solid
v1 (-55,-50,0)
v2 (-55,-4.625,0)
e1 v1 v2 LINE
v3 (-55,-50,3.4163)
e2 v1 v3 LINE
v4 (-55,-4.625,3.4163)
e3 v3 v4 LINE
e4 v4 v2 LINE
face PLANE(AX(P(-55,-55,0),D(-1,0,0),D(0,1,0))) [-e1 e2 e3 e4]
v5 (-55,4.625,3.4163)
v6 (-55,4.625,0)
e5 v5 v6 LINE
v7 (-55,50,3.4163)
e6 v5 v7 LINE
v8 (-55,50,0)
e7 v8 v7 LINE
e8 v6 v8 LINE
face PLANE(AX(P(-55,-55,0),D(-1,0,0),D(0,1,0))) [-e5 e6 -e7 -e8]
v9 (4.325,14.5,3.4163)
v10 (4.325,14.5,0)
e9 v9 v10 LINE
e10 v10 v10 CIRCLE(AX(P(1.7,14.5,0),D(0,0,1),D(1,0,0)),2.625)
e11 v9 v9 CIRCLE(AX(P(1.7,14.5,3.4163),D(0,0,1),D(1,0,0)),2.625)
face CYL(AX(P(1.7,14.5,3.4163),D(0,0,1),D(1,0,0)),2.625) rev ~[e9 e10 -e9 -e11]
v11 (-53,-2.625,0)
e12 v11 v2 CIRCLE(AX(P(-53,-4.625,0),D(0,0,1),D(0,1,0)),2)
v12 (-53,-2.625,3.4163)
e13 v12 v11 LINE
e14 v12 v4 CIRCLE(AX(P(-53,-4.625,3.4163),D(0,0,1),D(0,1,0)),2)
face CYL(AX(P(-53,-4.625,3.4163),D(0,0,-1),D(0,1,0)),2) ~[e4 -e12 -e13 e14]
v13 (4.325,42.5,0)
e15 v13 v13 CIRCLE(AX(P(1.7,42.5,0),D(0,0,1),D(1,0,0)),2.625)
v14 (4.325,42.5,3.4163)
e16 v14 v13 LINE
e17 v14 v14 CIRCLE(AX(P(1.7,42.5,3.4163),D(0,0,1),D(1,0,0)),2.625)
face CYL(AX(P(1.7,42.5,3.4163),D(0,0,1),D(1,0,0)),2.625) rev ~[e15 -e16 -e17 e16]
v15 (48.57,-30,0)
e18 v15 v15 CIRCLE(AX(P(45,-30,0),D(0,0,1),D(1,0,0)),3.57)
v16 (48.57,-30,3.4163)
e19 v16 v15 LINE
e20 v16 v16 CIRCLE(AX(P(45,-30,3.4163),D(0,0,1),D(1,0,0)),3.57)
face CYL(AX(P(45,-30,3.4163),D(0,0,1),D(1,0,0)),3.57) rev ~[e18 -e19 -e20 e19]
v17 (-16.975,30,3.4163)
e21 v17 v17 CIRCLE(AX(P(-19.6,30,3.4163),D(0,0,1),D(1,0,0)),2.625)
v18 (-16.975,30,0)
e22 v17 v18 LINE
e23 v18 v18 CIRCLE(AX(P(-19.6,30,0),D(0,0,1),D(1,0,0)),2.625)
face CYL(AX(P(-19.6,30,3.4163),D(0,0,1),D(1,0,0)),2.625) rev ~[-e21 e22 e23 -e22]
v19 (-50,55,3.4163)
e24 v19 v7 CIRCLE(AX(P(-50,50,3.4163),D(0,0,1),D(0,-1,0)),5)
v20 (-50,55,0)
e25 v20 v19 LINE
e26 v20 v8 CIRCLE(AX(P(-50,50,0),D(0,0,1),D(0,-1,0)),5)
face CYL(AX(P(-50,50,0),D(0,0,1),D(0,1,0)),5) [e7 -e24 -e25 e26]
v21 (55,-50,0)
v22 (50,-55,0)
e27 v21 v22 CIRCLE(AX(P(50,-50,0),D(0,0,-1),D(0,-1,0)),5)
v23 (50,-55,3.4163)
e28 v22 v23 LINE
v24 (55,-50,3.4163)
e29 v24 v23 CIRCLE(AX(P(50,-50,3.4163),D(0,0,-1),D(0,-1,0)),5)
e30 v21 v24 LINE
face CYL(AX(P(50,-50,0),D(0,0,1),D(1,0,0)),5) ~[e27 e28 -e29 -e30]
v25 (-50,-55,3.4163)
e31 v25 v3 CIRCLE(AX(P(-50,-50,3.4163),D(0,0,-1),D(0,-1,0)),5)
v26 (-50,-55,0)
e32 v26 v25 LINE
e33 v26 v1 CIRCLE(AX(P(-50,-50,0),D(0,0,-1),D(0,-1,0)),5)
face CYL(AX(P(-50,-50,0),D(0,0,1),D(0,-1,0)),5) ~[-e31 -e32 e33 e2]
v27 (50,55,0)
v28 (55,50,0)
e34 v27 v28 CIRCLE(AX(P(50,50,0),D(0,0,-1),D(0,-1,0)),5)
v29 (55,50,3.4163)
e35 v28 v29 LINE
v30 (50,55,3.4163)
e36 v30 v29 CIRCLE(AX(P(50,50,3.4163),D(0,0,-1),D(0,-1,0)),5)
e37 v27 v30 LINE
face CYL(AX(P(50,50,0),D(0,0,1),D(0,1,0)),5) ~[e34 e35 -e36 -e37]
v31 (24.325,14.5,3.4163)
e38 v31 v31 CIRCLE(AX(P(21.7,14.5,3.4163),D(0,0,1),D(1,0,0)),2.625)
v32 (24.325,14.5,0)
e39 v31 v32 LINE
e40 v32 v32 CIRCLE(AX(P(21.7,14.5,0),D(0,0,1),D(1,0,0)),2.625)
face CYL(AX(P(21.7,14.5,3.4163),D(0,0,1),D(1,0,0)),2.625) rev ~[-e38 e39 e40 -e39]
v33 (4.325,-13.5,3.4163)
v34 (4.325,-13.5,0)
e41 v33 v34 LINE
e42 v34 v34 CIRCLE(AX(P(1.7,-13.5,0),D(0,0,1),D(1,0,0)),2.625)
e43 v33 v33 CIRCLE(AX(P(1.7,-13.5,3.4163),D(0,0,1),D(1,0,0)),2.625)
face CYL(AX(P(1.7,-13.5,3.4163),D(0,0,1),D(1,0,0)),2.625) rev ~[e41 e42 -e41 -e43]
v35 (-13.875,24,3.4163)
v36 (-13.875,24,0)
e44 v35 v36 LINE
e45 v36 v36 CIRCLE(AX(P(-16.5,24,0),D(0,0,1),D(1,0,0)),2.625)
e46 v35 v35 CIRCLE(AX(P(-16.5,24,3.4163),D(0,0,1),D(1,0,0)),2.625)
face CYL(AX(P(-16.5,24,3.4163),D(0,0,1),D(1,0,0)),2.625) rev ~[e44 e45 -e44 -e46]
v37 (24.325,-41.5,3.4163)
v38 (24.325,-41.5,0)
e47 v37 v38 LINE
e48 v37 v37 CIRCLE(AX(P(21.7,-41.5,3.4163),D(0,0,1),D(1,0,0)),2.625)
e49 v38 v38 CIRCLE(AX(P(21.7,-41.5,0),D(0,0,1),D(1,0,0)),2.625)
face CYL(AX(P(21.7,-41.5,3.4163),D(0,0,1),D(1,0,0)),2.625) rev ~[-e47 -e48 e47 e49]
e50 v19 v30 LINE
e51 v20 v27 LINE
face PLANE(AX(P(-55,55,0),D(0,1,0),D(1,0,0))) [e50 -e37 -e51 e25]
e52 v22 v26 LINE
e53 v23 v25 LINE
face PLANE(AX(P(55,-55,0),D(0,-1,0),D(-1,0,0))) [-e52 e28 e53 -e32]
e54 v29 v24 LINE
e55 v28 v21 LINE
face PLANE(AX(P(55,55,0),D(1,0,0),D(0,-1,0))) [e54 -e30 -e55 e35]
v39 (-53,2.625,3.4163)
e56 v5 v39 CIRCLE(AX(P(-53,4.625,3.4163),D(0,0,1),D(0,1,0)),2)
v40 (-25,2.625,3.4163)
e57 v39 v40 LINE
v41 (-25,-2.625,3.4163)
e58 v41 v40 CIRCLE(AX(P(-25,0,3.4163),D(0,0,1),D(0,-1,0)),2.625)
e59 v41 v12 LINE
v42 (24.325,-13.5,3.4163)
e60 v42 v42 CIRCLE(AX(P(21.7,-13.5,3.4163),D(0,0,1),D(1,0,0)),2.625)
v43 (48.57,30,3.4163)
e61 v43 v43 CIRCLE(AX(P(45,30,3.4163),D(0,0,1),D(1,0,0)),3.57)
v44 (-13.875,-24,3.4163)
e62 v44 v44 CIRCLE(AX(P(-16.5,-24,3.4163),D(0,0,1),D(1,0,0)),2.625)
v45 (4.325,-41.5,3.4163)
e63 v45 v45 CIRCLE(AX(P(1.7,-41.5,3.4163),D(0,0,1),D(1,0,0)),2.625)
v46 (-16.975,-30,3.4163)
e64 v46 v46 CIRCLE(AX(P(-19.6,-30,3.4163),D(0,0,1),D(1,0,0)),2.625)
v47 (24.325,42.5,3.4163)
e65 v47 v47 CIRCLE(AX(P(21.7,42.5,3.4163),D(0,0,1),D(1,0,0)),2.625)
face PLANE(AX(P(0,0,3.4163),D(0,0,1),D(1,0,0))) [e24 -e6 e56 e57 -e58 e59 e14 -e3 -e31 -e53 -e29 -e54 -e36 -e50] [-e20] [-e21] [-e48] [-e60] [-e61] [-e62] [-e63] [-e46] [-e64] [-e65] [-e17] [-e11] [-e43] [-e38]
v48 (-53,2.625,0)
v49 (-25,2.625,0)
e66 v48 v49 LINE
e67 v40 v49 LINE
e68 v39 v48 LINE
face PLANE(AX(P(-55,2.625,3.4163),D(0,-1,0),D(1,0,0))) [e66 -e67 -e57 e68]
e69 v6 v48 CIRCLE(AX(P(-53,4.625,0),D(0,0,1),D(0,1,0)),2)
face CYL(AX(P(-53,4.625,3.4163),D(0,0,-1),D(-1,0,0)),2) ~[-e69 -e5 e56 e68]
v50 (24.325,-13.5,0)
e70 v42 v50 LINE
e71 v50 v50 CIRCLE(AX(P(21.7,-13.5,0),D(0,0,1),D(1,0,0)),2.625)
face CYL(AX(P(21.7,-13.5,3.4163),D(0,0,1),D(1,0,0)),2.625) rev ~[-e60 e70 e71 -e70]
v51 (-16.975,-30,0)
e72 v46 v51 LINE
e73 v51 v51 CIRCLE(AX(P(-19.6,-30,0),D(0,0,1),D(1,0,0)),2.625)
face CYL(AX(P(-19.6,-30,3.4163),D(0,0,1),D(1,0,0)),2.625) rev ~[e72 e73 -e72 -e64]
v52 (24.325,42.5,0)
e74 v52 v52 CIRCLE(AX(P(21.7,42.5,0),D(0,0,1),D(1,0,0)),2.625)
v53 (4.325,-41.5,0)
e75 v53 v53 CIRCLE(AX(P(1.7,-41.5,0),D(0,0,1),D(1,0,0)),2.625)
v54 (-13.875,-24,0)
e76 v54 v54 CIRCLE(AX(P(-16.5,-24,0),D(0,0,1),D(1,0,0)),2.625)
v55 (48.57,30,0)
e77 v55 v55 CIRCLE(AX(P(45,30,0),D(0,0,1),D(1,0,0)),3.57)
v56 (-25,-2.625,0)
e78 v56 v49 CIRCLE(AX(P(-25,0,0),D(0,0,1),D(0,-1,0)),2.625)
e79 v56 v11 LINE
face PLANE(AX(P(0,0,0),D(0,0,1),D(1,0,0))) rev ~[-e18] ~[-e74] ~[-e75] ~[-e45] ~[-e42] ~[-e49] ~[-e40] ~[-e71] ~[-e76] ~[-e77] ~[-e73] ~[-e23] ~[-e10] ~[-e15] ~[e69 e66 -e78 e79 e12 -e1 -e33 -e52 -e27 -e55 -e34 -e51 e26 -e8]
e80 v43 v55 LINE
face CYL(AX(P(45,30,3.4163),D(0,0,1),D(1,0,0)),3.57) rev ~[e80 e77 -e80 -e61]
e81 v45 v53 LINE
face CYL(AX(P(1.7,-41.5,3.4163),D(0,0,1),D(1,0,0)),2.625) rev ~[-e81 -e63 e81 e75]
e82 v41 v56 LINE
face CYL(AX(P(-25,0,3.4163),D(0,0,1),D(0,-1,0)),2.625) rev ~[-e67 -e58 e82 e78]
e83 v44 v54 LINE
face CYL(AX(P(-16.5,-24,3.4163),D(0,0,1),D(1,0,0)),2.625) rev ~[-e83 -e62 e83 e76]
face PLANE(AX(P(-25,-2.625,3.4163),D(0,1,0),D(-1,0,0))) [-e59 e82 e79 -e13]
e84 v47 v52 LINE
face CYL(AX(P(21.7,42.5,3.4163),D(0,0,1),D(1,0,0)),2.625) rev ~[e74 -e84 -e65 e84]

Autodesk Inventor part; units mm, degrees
ref_plane "YZ Plane" through (0, 0, 0) normal (1, 0, 0) x (0, 1, 0)
ref_plane "XZ Plane" through (0, 0, 0) normal (0, 1, 0) x (-1, 0, 0)
ref_plane "XY Plane" through (0, 0, 0) normal (0, 0, 1) x (1, 0, 0)
sketch "Sketch1" plane through (0, 0, 0) normal (0, 0, 1) x (1, 0, 0)
  line L0 (-55, 55) -> (55, 55)
  line L1 (55, 55) -> (55, -55)
  line L2 (55, -55) -> (-55, -55)
  line L3 (-55, -55) -> (-55, 55)
  point P0 (0, 0)
  dimension "d0" = 110
  dimension "d1" = 110
  dimension "d2" = 55
  dimension "d3" = 55
extrude "Extrusion1" add sketch "Sketch1" along normal blind 3.4163
sketch "Sketch2" plane through (0, 0, 3.4163) normal (0, 0, 1) x (1, 0, 0)
  line L0 (55, 55) -> (-55, 55) projected
  circle A0 centre (45, 30) radius 3.57
  circle A1 centre (45, -30) radius 3.57
  circle A2 centre (-19.6, -30) radius 2.625
  circle A3 centre (-19.6, 30) radius 2.625
  circle A4 centre (-16.5, 24) radius 2.625
  circle A5 centre (-16.5, -24) radius 2.625
  line L1 (-55, -55) -> (55, -55) projected
  line L2 (55, -55) -> (55, 55) projected
  point P0 (0, 0)
  dimension "d6" = 7.14
  dimension "d7" = 7.14
  dimension "d8" = 5.25
  dimension "d9" = 5.25
  dimension "d10" = 60
  dimension "d11" = 25
  dimension "d12" = 64.6
  dimension "d13" = 64.6
  dimension "d14" = 60
  dimension "d16" = 25
  dimension "d20" = 5.25
  dimension "d21" = 5.25
  dimension "d22" = 71.5
  dimension "d23" = 31
  dimension "d24" = 31
  dimension "d25" = 71.5
  dimension "d27" = 10
  dimension "d28" = 10
extrude "Extrusion2" cut sketch "Sketch2" against normal through all
sketch "Sketch3" plane through (0, 0, 3.4163) normal (0, 0, 1) x (1, 0, 0)
  line L0 (55, 55) -> (-55, 55) projected
  arc A0 (-25, -2.625) -> (-25, 2.625) centre (-25, 0) ccw
  line L1 (-55, 55) -> (-55, -55) projected
  line L2 (-55, 2.625) -> (-25, 2.625)
  line L3 (-25, -2.625) -> (-55, -2.625)
  point P0 (0, 0)
  dimension "d30" = 5.25
  dimension "d33" = 55
  dimension "d38" = 30
  dimension "d39" = 30
extrude "Extrusion3" cut sketch "Sketch3" against normal through all
fillet "Fillet2" radius 5 4 edges at (-55, 55, 1.7082) (-55, -55, 1.7082) (55, 55, 1.7082) (55, -55, 1.7082)
sketch "Sketch4" plane through (0, 0, 3.4163) normal (0, 0, 1) x (1, 0, 0)
  line L0 (50, 55) -> (-50, 55) projected
  circle A0 centre (1.7, 42.5) radius 2.625
  point P0 (0, 0)
  dimension "d40" = 5.25
  dimension "d50" = 12.5
extrude "Extrusion4" cut sketch "Sketch4" against normal through all
fillet "Fillet3" radius 2 2 edges at (-55, 2.625, 1.7082) (-55, -2.625, 1.7082)
pattern_linear "Rectangular Pattern1" count 2 spacing 20 along (1, 0, 0) count 4 spacing 28 along (0, -1, 0) of "Extrusion4"
equation "\"d2\" = 0.5 * d0"
equation "\"d3\" = 0.5 * d1"
equation "\"d13\" = d12"
equation "\"d14\" = d10"
equation "\"d16\" = d11"
equation "\"d24\" = d23"
equation "\"d25\" = d22"
equation "\"d39\" = d38"
properties part number "S2_Zplate" material "Steel, Mild"
